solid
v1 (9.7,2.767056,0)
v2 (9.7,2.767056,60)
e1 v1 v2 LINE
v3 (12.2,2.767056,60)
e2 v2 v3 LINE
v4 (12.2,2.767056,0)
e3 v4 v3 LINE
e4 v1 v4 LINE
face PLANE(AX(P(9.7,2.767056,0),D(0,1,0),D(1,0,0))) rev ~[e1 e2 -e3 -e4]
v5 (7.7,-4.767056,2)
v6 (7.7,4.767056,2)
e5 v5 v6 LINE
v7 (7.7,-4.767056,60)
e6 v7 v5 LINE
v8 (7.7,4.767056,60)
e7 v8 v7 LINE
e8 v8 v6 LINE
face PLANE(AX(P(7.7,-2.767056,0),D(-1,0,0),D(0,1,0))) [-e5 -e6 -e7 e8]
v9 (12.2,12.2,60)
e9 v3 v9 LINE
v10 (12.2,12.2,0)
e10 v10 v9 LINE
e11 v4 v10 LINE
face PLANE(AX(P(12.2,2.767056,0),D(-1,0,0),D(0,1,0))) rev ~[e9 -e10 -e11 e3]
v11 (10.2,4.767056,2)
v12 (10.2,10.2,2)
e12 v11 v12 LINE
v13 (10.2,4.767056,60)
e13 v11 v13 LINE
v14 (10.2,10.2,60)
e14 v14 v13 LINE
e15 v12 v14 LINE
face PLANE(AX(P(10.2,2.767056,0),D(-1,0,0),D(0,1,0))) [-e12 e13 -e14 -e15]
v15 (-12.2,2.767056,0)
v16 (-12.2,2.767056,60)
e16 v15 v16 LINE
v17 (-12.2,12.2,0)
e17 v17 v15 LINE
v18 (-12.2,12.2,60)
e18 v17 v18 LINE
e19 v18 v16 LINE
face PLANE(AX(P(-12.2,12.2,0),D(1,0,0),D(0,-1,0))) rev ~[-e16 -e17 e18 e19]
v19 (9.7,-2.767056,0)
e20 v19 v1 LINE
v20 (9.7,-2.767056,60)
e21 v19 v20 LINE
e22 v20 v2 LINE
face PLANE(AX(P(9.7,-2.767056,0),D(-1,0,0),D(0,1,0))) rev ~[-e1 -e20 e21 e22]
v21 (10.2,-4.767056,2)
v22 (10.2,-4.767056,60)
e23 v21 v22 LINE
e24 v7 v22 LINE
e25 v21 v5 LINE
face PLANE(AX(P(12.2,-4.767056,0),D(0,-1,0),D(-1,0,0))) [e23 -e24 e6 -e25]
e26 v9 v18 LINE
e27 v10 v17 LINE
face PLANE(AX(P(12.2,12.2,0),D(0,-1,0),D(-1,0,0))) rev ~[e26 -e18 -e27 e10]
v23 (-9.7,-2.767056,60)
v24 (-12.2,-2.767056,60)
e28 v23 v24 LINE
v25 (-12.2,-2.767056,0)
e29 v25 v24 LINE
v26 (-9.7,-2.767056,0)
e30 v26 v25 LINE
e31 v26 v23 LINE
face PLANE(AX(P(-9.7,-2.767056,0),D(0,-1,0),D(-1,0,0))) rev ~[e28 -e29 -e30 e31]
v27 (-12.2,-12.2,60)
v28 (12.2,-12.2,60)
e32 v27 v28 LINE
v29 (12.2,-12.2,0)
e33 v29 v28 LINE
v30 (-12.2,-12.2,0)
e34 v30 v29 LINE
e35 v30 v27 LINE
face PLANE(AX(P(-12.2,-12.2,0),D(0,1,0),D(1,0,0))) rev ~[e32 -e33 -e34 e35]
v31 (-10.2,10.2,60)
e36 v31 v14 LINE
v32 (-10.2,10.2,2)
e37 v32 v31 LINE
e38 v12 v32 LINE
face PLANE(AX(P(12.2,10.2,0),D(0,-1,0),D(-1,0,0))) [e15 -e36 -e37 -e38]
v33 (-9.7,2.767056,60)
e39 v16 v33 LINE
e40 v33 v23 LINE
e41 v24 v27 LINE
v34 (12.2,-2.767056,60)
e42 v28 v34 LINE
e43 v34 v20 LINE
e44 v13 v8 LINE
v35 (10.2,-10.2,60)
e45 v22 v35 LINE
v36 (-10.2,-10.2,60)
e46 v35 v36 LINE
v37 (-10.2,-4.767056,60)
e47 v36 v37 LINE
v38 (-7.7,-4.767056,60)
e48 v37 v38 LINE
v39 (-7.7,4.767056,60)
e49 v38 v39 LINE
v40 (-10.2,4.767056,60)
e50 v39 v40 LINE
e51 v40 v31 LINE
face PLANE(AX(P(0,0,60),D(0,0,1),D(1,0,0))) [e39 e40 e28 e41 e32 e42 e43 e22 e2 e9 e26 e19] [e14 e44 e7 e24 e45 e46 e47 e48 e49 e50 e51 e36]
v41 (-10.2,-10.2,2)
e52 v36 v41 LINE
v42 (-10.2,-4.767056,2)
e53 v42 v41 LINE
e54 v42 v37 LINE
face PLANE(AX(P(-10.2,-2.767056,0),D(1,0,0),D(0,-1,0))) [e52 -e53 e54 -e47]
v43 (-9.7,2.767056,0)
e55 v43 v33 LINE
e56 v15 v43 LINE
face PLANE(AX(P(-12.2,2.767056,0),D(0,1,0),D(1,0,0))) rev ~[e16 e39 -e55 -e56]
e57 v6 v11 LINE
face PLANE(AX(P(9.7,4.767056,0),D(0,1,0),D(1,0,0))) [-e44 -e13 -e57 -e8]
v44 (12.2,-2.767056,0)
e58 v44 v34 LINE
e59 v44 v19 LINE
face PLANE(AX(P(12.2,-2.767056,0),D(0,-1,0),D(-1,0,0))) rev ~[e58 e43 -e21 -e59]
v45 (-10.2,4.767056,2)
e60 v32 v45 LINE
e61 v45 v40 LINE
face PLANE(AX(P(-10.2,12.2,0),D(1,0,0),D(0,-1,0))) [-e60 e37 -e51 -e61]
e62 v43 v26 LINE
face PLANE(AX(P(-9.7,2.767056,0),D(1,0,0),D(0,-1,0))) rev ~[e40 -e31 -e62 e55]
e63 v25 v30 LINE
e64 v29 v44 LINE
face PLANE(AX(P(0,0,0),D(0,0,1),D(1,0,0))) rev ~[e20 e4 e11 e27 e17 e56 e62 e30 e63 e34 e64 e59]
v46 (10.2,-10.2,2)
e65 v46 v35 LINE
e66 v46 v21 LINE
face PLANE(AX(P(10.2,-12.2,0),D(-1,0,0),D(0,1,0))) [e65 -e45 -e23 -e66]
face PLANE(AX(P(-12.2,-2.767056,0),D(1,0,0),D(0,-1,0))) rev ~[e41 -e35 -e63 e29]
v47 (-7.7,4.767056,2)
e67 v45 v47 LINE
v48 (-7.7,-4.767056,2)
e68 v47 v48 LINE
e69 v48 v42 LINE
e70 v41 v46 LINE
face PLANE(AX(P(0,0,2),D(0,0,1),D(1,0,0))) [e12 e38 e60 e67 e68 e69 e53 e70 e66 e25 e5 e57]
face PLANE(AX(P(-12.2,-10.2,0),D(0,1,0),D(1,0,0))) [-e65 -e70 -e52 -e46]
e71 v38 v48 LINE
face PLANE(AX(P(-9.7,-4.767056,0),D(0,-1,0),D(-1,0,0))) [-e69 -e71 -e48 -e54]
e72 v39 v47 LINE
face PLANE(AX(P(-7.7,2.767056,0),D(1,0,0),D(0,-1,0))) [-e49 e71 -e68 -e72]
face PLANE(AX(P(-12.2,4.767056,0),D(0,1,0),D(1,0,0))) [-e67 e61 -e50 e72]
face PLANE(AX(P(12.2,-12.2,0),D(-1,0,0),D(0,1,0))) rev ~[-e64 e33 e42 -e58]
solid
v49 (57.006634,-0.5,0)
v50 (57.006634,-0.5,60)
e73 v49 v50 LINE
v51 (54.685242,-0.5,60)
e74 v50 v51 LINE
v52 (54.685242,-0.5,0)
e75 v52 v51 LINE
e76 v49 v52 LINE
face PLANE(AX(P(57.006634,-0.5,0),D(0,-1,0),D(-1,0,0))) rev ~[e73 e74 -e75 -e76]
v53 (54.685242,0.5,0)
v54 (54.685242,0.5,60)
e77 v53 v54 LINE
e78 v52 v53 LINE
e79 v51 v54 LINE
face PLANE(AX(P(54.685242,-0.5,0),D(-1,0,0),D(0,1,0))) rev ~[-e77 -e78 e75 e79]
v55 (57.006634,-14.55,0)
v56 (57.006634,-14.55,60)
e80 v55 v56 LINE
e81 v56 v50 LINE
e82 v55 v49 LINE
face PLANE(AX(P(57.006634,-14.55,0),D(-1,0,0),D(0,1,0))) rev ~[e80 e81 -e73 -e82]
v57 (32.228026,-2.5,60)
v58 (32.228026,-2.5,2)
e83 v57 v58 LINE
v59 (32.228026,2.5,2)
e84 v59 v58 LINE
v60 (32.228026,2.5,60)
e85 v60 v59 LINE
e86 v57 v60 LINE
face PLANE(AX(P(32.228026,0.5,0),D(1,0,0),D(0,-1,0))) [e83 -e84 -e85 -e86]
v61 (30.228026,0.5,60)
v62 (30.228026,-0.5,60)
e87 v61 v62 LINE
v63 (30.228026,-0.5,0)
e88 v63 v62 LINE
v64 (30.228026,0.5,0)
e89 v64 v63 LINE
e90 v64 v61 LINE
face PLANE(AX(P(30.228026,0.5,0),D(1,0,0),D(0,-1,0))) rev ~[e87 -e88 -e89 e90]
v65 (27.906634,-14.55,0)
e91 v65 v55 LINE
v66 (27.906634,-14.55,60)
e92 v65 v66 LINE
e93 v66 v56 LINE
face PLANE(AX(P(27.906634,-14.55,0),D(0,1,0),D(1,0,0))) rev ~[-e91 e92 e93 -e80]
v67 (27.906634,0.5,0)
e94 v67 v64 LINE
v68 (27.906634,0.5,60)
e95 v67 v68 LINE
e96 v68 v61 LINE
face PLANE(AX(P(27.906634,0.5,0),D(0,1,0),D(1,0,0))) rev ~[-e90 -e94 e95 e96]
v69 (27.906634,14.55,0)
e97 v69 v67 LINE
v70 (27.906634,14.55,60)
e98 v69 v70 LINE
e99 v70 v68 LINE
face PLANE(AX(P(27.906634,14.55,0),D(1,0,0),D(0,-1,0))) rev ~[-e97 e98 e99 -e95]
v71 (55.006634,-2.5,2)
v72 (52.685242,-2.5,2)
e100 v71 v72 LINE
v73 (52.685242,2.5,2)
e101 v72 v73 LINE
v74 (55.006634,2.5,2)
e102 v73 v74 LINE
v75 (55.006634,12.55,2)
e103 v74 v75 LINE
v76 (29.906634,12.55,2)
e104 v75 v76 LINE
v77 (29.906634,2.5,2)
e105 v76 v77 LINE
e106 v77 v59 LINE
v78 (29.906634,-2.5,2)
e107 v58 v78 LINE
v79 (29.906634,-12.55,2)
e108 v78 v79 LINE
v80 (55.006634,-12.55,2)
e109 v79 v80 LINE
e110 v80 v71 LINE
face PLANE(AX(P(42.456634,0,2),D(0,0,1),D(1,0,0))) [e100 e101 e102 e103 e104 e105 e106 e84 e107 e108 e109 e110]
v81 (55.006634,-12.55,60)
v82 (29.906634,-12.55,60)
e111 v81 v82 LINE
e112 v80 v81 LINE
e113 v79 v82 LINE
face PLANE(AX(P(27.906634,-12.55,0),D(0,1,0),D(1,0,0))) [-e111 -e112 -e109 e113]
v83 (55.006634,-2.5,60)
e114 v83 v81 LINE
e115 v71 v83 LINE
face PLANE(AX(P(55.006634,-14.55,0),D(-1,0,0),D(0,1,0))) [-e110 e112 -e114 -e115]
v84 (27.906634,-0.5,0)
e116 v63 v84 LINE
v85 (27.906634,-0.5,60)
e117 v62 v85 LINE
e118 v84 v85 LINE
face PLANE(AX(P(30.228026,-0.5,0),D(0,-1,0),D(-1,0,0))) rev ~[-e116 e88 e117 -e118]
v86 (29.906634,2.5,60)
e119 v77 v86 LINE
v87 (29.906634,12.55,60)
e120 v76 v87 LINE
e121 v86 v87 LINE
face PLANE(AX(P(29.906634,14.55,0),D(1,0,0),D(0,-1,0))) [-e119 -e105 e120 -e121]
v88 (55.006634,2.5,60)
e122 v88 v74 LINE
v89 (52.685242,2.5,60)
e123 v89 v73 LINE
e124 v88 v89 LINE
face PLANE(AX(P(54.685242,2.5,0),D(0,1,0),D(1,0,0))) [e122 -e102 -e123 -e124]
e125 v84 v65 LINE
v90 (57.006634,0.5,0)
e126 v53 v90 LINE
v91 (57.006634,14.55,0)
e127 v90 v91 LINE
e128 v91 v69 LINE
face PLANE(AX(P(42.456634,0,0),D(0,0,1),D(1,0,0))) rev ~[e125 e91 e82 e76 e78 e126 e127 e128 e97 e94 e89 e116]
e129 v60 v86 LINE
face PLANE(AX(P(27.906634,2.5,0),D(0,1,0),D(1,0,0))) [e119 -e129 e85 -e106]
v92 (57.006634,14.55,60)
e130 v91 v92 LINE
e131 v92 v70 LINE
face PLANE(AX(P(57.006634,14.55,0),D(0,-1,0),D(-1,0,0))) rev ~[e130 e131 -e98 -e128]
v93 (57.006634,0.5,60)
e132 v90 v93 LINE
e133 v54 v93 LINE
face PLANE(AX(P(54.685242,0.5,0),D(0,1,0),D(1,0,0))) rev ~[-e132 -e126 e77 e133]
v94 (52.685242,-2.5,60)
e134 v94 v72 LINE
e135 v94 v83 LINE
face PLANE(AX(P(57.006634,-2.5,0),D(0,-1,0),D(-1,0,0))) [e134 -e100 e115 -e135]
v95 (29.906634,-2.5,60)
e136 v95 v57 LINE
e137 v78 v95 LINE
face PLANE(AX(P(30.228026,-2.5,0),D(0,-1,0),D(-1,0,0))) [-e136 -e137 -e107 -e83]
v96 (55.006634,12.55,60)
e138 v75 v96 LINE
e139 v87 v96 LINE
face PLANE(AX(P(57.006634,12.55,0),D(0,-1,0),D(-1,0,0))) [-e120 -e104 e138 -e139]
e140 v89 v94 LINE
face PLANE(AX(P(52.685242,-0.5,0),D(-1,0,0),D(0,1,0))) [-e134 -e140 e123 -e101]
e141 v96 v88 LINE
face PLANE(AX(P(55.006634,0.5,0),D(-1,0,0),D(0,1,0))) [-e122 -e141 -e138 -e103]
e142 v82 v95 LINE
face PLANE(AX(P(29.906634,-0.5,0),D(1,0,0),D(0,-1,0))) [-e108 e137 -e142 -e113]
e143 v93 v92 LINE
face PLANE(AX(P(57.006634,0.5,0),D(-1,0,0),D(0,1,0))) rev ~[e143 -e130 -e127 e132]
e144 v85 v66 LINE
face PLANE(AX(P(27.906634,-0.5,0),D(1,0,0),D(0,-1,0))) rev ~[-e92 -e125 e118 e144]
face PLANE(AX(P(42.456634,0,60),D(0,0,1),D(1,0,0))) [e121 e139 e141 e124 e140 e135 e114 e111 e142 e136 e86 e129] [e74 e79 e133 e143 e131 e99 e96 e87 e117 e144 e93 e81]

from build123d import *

# Parameters (mm, degrees)
F1_DEPTH = 60
F2_T     = -2
F2_2_T   = -2


with BuildPart() as f1:
    # F0 (on Top) → F1 (new body)
    with BuildSketch(Plane.XY):
        Polygon((-12.2, -12.2), (12.2, -12.2), (12.2, -2.7670562863), (9.7, -2.7670562863), (9.7, 2.7670562863), (12.2, 2.7670562863), (12.2, 12.2), (-12.2, 12.2), (-12.2, 2.7670562863), (-9.7, 2.7670562863), (-9.7, -2.7670562863), (-12.2, -2.7670562863), align=None)
    extrude(amount=F1_DEPTH)

    # F2
    f2_openings = [f1.faces().sort_by_distance(p)[0] for p in [
        (0, 0, 60),
    ]]
    offset(amount=F2_T, openings=f2_openings, kind=Kind.INTERSECTION)


with BuildPart() as f1b:
    # F0 (on Top) → F1, piece 2 (new body)
    with BuildSketch(Plane.XY):
        Polygon((57.0066343427, 0.5), (57.0066343427, 14.55), (27.9066343427, 14.55), (27.9066343427, 0.5), (30.2280262229, 0.5), (30.2280262229, -0.5), (27.9066343427, -0.5), (27.9066343427, -14.55), (57.0066343427, -14.55), (57.0066343427, -0.5), (54.6852424624, -0.5), (54.6852424624, 0.5), align=None)
    extrude(amount=F1_DEPTH)

    # F2#2
    f2_2_openings = [f1b.faces().sort_by_distance(p)[0] for p in [
        (42.456634, 0, 60),
    ]]
    offset(amount=F2_2_T, openings=f2_2_openings, kind=Kind.INTERSECTION)


solid = Compound([f1.part, f1b.part])
